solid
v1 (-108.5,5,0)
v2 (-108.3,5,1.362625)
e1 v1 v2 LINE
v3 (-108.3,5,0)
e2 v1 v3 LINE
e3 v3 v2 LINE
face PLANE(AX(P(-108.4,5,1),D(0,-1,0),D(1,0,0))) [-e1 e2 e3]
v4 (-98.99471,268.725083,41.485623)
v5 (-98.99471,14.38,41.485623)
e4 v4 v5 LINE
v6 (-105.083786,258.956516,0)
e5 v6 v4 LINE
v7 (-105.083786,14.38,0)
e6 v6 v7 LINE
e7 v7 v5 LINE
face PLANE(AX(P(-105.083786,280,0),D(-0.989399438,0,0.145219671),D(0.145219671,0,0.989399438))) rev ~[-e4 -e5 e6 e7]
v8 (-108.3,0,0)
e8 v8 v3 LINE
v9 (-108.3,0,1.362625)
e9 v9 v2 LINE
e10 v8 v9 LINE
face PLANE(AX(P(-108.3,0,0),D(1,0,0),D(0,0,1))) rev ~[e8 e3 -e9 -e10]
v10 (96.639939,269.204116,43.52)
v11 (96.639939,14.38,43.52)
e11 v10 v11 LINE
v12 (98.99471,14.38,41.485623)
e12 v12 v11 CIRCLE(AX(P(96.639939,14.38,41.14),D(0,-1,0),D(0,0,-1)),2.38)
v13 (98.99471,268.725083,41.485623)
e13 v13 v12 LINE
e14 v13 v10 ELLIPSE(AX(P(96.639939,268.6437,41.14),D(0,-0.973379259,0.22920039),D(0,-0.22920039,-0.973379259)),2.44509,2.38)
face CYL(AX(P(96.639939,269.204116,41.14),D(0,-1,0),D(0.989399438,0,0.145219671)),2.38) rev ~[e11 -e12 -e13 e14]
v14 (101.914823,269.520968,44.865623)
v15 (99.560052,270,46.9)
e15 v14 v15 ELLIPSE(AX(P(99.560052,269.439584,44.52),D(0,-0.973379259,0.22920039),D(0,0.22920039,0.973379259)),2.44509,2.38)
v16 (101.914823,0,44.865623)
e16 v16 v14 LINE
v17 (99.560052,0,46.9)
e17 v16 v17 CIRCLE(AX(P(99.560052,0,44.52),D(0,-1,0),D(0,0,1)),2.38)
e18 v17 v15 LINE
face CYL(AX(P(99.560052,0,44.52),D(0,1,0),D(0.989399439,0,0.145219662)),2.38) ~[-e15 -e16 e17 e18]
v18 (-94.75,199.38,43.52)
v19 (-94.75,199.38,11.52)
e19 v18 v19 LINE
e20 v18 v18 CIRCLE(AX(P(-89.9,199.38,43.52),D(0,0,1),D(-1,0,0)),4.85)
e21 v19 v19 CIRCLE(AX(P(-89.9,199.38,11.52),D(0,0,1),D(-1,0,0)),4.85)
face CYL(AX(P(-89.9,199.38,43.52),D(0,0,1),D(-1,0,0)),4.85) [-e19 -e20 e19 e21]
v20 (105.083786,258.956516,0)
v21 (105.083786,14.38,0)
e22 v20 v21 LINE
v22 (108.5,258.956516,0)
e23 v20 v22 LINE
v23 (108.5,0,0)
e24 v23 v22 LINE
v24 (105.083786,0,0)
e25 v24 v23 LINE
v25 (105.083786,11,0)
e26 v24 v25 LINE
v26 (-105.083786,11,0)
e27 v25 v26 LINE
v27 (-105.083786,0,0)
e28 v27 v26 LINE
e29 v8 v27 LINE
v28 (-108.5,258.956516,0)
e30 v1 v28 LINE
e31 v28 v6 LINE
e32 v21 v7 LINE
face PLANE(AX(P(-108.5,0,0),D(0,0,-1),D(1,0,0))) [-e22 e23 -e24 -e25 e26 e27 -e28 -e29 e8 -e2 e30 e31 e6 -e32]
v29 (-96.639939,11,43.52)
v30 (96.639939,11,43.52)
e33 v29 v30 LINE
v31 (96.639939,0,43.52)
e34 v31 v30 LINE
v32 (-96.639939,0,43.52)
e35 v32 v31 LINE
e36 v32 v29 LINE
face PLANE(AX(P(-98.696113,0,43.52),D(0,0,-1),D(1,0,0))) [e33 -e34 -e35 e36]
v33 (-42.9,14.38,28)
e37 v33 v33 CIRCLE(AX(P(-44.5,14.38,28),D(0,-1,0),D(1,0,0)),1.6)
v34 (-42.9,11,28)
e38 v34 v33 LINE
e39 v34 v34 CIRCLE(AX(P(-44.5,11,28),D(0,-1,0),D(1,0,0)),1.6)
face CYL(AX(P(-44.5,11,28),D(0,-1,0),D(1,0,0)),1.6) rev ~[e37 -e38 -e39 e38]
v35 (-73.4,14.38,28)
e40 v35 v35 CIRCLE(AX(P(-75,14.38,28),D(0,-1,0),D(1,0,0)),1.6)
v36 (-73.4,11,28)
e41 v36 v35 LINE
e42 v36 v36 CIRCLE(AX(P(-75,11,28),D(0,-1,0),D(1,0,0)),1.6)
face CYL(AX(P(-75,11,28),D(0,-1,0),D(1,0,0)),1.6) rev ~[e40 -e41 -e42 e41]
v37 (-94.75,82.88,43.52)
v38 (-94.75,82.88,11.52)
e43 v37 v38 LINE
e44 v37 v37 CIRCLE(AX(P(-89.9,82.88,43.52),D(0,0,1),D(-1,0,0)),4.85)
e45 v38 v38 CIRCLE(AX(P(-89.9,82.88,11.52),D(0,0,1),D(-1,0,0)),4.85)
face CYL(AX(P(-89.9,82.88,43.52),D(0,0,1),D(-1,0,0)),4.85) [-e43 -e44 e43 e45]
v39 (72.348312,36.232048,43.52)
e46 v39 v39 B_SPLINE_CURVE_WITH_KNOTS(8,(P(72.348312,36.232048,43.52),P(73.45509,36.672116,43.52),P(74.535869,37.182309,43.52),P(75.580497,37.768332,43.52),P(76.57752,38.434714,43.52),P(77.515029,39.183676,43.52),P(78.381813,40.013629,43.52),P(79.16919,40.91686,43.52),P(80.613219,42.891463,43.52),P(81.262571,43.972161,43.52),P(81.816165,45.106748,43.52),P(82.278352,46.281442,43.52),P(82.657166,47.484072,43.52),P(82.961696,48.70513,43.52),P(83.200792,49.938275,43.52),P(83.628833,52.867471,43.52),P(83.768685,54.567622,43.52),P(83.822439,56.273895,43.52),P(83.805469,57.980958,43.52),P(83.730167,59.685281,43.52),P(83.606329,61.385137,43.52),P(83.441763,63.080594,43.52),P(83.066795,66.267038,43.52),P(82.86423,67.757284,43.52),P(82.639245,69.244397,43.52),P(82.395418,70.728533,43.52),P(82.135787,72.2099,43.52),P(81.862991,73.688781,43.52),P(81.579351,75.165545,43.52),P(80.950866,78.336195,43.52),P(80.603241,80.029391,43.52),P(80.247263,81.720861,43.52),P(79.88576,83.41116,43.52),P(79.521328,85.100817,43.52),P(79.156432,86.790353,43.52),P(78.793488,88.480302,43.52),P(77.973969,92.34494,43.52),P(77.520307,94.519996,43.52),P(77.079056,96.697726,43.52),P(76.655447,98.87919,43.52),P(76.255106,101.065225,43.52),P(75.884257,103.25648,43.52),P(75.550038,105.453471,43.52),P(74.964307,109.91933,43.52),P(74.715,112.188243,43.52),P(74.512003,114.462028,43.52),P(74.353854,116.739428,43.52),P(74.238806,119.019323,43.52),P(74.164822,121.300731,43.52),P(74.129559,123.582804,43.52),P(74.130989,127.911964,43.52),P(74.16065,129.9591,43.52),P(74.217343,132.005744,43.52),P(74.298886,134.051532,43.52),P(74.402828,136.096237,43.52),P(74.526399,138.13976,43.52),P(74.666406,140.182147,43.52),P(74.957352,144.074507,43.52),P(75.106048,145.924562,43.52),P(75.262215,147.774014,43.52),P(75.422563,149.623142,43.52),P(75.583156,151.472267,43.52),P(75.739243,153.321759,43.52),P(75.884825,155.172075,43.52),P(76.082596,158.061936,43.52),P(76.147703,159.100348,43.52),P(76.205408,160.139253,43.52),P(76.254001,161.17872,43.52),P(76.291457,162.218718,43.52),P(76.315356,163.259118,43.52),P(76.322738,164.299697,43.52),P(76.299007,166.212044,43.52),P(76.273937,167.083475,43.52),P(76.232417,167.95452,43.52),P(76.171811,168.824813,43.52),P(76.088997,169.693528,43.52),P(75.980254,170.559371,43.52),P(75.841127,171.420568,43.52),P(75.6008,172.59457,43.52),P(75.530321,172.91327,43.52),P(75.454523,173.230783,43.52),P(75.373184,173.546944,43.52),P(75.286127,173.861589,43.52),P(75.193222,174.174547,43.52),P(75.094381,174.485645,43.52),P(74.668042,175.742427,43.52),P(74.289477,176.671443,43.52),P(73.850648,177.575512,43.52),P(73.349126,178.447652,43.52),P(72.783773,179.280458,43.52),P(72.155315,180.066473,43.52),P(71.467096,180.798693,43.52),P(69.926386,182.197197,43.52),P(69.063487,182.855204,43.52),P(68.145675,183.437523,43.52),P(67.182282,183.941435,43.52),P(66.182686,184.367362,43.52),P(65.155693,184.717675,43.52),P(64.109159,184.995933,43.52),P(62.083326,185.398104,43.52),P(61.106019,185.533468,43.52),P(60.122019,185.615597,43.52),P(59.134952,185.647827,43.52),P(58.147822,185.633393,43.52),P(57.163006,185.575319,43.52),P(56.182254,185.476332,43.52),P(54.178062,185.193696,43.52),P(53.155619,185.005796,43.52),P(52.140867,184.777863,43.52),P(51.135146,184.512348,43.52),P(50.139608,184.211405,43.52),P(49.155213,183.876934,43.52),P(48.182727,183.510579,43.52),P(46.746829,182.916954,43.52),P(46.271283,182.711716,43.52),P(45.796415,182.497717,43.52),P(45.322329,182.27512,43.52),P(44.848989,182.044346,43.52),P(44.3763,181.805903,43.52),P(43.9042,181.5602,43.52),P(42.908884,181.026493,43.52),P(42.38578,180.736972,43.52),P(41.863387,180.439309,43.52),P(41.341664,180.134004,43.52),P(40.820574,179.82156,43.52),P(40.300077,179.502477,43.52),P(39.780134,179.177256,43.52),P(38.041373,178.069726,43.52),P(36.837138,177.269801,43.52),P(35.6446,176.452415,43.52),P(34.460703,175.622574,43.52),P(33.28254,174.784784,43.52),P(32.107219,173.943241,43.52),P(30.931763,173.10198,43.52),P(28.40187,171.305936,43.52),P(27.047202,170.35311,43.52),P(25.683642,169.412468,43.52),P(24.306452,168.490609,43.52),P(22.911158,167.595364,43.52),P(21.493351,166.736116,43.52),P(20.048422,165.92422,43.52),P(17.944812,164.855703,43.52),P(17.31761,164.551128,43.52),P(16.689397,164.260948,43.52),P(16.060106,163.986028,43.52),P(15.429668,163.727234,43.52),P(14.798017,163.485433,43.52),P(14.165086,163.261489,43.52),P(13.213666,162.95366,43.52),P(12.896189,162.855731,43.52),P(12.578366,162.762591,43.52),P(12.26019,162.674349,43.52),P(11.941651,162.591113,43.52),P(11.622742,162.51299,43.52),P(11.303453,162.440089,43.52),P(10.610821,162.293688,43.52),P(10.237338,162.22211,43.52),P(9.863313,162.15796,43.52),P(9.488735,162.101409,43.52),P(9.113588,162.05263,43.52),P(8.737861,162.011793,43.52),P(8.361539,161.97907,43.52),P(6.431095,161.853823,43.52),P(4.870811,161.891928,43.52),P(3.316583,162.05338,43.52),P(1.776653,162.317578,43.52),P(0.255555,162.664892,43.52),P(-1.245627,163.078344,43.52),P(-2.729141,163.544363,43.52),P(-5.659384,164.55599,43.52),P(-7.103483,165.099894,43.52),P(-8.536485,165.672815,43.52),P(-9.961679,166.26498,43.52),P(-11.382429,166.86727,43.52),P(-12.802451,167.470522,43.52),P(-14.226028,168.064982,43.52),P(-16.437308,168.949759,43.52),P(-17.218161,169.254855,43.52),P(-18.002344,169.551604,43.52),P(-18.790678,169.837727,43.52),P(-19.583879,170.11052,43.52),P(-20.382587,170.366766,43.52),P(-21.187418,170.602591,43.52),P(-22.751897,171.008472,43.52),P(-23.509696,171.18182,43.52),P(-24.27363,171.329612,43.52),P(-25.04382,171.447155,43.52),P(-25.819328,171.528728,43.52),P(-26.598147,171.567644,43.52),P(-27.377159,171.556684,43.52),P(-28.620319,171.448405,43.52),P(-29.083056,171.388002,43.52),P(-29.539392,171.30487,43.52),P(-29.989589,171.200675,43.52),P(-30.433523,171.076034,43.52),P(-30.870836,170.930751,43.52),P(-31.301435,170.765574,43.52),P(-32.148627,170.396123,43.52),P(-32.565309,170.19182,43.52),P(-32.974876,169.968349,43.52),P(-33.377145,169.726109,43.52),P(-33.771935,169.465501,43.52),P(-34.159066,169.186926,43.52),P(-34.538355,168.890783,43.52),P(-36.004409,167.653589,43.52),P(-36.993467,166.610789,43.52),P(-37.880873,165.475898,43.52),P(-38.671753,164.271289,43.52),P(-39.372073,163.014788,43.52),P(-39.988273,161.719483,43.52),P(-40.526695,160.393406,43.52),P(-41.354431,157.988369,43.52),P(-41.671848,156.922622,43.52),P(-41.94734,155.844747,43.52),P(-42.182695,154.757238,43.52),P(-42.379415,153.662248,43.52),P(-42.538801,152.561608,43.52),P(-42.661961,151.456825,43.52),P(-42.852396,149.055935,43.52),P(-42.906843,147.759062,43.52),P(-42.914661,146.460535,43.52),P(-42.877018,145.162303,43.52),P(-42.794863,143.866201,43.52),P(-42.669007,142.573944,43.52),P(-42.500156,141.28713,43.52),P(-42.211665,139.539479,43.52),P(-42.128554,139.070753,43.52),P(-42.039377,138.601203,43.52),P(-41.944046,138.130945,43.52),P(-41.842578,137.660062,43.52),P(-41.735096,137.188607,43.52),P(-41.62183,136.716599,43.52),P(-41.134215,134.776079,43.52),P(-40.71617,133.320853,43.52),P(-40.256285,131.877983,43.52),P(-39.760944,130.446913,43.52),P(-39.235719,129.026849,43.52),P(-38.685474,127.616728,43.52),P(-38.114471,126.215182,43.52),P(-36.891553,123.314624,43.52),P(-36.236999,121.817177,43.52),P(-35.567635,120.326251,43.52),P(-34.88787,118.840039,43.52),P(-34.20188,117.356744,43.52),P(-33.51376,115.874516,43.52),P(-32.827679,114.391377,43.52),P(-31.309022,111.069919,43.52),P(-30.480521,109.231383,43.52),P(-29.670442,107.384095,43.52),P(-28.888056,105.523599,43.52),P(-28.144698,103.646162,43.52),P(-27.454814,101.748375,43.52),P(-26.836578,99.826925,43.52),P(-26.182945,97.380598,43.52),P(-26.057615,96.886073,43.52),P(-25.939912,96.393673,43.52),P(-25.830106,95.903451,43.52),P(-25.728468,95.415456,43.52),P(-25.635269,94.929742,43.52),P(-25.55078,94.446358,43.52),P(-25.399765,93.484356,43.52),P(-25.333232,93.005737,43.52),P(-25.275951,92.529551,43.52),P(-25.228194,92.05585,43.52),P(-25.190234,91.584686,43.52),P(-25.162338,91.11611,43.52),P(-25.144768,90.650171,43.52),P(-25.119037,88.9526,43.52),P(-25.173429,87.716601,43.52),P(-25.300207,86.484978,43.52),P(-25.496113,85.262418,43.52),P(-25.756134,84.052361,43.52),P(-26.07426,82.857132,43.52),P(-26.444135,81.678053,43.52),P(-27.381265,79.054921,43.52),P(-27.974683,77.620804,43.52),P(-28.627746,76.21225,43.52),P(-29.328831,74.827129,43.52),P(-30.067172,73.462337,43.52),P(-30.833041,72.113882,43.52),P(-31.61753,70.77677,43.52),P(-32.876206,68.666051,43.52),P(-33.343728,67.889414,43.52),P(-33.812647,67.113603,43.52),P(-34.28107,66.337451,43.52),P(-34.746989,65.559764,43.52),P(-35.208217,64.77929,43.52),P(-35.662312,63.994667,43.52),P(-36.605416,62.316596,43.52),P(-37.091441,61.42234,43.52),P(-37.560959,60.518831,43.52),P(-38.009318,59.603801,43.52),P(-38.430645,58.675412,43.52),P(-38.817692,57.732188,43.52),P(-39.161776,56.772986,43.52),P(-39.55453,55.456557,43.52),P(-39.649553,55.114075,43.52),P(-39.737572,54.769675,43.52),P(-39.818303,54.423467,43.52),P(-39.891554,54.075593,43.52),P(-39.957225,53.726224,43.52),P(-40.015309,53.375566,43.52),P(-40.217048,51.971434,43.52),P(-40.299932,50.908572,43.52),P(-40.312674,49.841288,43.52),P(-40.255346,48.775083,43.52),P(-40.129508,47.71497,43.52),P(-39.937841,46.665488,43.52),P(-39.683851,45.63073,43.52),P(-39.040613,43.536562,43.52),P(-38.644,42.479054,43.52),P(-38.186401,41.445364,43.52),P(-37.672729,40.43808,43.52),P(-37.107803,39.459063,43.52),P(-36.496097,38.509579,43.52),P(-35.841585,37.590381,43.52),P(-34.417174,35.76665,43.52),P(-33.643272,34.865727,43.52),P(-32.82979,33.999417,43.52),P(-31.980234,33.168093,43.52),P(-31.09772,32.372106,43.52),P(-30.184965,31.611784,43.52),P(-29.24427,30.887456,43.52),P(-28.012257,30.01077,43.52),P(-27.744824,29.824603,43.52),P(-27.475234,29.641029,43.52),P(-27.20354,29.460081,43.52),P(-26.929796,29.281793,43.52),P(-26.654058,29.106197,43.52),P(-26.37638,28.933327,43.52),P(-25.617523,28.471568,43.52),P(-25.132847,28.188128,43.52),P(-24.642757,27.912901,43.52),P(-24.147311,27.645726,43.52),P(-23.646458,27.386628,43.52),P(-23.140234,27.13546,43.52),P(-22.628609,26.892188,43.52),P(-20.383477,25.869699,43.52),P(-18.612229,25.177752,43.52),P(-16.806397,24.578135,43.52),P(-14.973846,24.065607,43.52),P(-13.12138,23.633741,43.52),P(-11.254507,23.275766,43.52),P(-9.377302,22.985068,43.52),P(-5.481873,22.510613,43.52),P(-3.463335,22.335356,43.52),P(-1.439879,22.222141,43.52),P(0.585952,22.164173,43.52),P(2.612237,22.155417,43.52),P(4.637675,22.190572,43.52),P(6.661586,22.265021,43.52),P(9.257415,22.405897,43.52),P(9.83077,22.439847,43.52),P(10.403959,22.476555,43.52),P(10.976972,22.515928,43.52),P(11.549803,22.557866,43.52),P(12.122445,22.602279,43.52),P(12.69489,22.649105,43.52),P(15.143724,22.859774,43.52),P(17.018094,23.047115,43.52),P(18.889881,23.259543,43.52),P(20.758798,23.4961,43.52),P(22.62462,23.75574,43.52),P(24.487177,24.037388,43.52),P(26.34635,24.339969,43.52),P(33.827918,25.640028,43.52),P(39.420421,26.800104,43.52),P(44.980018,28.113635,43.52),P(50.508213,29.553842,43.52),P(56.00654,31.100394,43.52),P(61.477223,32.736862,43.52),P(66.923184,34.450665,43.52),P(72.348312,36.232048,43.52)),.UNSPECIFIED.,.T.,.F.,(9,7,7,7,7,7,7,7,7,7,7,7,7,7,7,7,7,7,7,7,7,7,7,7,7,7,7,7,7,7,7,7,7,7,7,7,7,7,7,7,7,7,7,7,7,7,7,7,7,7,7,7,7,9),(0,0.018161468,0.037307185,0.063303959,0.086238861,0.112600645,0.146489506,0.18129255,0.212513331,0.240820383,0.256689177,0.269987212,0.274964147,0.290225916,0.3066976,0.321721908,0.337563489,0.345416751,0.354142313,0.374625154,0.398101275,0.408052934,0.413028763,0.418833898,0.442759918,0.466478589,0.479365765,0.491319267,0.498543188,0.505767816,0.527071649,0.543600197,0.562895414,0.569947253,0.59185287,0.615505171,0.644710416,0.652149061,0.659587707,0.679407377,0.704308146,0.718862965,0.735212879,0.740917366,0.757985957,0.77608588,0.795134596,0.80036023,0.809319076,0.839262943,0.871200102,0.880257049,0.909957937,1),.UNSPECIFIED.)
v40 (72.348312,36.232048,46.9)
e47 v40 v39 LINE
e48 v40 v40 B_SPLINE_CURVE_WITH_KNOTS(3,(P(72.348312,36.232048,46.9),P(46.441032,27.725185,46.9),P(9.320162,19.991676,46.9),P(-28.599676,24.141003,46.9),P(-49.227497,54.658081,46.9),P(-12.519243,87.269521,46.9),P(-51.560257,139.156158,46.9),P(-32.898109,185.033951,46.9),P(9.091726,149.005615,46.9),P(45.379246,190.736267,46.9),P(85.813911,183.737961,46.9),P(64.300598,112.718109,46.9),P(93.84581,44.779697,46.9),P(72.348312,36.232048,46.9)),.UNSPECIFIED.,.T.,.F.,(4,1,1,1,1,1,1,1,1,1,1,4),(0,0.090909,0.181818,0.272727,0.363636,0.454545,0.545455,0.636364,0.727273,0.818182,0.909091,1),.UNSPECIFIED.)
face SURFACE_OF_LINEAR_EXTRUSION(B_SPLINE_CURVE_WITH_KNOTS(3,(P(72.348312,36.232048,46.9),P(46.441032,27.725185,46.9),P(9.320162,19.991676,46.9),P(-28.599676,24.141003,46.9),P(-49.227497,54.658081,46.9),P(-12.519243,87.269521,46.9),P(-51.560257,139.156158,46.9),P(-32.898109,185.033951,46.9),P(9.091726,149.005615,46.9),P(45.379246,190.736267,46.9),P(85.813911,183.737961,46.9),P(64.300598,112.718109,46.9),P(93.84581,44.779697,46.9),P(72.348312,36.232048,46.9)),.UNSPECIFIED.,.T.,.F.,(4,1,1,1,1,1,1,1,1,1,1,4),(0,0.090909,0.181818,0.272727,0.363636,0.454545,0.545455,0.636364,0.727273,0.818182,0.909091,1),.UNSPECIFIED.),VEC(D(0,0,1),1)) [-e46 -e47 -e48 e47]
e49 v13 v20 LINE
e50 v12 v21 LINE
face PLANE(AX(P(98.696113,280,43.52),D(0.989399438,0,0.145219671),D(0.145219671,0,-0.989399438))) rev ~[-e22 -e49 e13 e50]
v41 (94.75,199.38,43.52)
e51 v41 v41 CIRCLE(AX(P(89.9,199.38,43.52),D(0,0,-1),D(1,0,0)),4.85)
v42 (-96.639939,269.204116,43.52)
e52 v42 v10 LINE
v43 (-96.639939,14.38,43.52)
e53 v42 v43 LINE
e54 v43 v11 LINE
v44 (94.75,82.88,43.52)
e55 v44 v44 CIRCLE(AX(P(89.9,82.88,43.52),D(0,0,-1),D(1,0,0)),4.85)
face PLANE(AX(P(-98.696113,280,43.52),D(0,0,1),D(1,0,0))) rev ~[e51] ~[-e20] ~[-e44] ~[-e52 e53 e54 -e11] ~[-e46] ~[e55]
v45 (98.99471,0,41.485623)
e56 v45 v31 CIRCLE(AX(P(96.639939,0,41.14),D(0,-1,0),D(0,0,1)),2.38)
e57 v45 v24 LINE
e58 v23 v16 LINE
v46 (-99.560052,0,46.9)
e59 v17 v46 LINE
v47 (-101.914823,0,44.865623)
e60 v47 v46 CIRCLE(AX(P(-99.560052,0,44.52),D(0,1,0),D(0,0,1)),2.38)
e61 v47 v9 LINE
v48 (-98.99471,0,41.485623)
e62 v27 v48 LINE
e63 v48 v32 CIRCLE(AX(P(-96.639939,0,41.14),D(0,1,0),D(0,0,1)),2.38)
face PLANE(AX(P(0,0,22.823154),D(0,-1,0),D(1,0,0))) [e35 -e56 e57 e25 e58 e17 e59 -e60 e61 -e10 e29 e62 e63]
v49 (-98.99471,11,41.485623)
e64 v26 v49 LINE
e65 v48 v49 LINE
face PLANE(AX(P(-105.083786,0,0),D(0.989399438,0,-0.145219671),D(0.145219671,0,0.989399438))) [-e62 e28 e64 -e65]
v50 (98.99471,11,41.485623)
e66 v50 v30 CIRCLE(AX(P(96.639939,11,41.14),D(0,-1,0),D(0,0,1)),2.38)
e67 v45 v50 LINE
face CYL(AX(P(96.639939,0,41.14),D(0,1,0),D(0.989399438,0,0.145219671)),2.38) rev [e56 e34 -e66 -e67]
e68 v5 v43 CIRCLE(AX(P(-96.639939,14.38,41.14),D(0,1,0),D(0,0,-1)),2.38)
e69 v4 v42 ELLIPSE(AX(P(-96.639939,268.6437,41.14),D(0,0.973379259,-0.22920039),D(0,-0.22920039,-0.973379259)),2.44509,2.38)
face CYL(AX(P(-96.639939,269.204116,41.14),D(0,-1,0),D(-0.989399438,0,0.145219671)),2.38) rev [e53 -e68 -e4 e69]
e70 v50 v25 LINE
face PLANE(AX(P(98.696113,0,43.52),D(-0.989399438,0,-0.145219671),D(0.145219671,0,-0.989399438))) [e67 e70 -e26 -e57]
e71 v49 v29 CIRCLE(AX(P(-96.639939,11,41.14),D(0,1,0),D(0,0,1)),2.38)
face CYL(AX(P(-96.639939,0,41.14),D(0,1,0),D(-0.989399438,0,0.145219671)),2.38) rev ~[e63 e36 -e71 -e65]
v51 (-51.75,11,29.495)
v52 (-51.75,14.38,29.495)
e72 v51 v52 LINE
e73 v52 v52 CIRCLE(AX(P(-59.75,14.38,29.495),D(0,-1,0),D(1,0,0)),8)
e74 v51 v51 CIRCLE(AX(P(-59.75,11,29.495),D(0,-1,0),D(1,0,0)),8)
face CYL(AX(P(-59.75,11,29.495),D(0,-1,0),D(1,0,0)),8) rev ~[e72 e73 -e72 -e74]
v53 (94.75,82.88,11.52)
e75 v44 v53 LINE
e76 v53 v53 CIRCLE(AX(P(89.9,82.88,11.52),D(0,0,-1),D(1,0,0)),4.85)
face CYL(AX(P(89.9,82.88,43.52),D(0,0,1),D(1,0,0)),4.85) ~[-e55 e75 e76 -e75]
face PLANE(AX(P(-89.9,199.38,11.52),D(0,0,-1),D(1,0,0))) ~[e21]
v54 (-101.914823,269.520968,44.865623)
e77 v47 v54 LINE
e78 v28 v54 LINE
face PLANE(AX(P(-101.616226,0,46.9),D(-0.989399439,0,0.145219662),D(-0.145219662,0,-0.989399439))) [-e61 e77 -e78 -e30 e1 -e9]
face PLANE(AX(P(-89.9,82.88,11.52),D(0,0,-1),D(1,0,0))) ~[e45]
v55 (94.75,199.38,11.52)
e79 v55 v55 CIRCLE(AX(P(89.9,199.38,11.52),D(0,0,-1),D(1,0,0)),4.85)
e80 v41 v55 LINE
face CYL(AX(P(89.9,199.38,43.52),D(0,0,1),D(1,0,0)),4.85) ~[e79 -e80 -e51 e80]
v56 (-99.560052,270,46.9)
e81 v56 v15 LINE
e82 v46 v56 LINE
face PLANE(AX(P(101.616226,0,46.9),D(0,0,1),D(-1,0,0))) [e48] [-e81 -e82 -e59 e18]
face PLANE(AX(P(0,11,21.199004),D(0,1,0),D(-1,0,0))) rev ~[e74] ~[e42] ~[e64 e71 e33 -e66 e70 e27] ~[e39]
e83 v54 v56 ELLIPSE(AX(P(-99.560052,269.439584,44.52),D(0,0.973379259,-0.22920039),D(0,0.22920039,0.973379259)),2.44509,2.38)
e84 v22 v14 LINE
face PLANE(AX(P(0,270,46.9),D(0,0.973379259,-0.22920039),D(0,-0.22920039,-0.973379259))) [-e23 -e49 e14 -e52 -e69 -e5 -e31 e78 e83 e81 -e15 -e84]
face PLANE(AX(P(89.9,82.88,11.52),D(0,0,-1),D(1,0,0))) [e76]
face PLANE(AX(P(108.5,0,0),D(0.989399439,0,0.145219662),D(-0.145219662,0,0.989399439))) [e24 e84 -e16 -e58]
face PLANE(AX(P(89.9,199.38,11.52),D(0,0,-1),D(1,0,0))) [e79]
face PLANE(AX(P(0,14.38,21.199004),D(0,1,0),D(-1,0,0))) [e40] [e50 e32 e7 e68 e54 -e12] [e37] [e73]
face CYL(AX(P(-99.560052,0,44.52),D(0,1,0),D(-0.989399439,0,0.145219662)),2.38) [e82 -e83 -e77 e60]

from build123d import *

# Parameters (mm, degrees)
PAD_DEPTH           = 270
POCKET_DEPTH        = 108.501
POCKET_DEPTH_BACK   = 108.501
POCKET001_DEPTH     = 11
POCKET002_DEPTH     = 265.62
FILLET_R            = 2.38
SKETCH004_R         = 4.85
PAD001_DEPTH        = 32
SKETCH005_R         = 4.85
PAD002_DEPTH        = 32
SKETCH006_W         = 0.2
SKETCH006_H         = 2
POCKET003_DEPTH     = 5
SKETCH007_R         = 1.6
POCKET004_DEPTH     = 259.001
LINEARPATTERN_COUNT = 2
LINEARPATTERN_PITCH = 30.5
SKETCH008_R         = 8
POCKET005_DEPTH     = 259.001
POCKET006_DEPTH     = 46.901


with BuildPart() as part:
    # Sketch → Pad (new body)
    with BuildSketch(Plane.XZ):
        Polygon((-108.5, 0), (108.5, 0), (101.616226, 46.9), (-101.616226, 46.9), align=None)
    extrude(amount=-PAD_DEPTH)

    # Sketch001 → Pocket (cut, two sides)
    with BuildSketch(Plane.YZ) as pocket_sk:
        Polygon((270, 46.9), (258.956516, 0), (270, 0), align=None)
    extrude(amount=-POCKET_DEPTH, mode=Mode.SUBTRACT)
    extrude(pocket_sk.sketch, amount=POCKET_DEPTH_BACK, mode=Mode.SUBTRACT)

    # Sketch002 (on Face2 of Pocket) → Pocket001 (cut)
    with BuildSketch(Plane.XZ):
        Polygon((-105.083786, 0), (-98.696113, 43.52), (98.696113, 43.52), (105.083786, 0), align=None)
    extrude(amount=-POCKET001_DEPTH, mode=Mode.SUBTRACT)

    # Sketch003 (on DatumPlane) → Pocket002 (cut)
    with BuildSketch(Plane.XZ.offset(-280)):
        Polygon((-105.083786, 0), (-98.696113, 43.52), (98.696113, 43.52), (105.083786, 0), align=None)
    extrude(amount=POCKET002_DEPTH, mode=Mode.SUBTRACT)

    # Fillet
    fillet_edges = [part.edges().sort_by_distance(p)[0] for p in [
        (101.616226, 135, 46.9),
        (-101.616226, 135, 46.9),
        (-98.696113, 5.5, 43.52),
        (98.696113, 5.5, 43.52),
        (-98.696113, 141.792058, 43.52),
        (98.696113, 141.792058, 43.52),
    ]]
    fillet(fillet_edges, radius=FILLET_R)

    # Sketch004 (on Face19 of Fillet) → Pad001 (join)
    with BuildSketch(Plane(origin=(0, 0, 43.52), x_dir=(1, 0, 0), z_dir=(0, 0, -1))):
        with Locations((89.9, -82.88)):
            Circle(SKETCH004_R)
    pad001 = extrude(amount=PAD001_DEPTH)

    # Mirrored: Pad001 across YZ
    add(pad001.mirror(Plane.YZ))

    # Sketch005 (on Face19 of Mirrored) → Pad002 (join)
    with BuildSketch(Plane(origin=(0, 0, 43.52), x_dir=(1, 0, 0), z_dir=(0, 0, -1))):
        with Locations((89.9, -199.38)):
            Circle(SKETCH005_R)
    pad002 = extrude(amount=PAD002_DEPTH)

    # Mirrored001: Pad002 across YZ
    add(pad002.mirror(Plane.YZ))

    # Sketch006 (on Face1 of Mirrored001) → Pocket003 (cut)
    with BuildSketch(Plane.XZ):
        with Locations((-108.4, 1)):
            Rectangle(SKETCH006_W, SKETCH006_H)
    extrude(amount=-POCKET003_DEPTH, mode=Mode.SUBTRACT)

    # Sketch007 (on Face16 of Pocket003) → Pocket004 (cut, through all)
    with BuildSketch(Plane.XZ.offset(-11)):
        with Locations((-75, 28)):
            Circle(SKETCH007_R)
    pocket004 = extrude(amount=-POCKET004_DEPTH, mode=Mode.SUBTRACT)

    # LinearPattern: Pocket004 ×2
    with Locations(*[(i * LINEARPATTERN_PITCH, 0, 0) for i in range(1, LINEARPATTERN_COUNT)]):
        add(pocket004, mode=Mode.SUBTRACT)

    # Sketch008 (on Face16 of LinearPattern) → Pocket005 (cut, through all)
    with BuildSketch(Plane.XZ.offset(-11)):
        with Locations((-59.75, 29.495)):
            Circle(SKETCH008_R)
    extrude(amount=-POCKET005_DEPTH, mode=Mode.SUBTRACT)

    # Sketch009 (on Face4 of Pocket005) → Pocket006 (cut, through all)
    with BuildSketch(Plane(origin=(0, 0, 46.9), x_dir=(-1, 0, 0), z_dir=(0, 0, 1))):
        with BuildLine():
            add(Edge.make_bspline(
                [(-72.348312, -36.232048), (-46.441032, -27.725185), (-9.320162, -19.991676), (28.599676, -24.141003), (49.227497, -54.658081), (12.519243, -87.269521), (51.560257, -139.156158), (32.898109, -185.033951), (-9.091726, -149.005615), (-45.379246, -190.736267), (-85.813911, -183.737961), (-64.300598, -112.718109), (-93.84581, -44.779697), (-72.348312, -36.232048)],
                knots=[0, 0, 0, 0, 0.090909, 0.181818, 0.272727, 0.363636, 0.454545, 0.545455, 0.636364, 0.727273, 0.818182, 0.909091, 1, 1, 1, 1], degree=3))
        make_face()
    extrude(amount=-POCKET006_DEPTH, mode=Mode.SUBTRACT)


solid = part.part
